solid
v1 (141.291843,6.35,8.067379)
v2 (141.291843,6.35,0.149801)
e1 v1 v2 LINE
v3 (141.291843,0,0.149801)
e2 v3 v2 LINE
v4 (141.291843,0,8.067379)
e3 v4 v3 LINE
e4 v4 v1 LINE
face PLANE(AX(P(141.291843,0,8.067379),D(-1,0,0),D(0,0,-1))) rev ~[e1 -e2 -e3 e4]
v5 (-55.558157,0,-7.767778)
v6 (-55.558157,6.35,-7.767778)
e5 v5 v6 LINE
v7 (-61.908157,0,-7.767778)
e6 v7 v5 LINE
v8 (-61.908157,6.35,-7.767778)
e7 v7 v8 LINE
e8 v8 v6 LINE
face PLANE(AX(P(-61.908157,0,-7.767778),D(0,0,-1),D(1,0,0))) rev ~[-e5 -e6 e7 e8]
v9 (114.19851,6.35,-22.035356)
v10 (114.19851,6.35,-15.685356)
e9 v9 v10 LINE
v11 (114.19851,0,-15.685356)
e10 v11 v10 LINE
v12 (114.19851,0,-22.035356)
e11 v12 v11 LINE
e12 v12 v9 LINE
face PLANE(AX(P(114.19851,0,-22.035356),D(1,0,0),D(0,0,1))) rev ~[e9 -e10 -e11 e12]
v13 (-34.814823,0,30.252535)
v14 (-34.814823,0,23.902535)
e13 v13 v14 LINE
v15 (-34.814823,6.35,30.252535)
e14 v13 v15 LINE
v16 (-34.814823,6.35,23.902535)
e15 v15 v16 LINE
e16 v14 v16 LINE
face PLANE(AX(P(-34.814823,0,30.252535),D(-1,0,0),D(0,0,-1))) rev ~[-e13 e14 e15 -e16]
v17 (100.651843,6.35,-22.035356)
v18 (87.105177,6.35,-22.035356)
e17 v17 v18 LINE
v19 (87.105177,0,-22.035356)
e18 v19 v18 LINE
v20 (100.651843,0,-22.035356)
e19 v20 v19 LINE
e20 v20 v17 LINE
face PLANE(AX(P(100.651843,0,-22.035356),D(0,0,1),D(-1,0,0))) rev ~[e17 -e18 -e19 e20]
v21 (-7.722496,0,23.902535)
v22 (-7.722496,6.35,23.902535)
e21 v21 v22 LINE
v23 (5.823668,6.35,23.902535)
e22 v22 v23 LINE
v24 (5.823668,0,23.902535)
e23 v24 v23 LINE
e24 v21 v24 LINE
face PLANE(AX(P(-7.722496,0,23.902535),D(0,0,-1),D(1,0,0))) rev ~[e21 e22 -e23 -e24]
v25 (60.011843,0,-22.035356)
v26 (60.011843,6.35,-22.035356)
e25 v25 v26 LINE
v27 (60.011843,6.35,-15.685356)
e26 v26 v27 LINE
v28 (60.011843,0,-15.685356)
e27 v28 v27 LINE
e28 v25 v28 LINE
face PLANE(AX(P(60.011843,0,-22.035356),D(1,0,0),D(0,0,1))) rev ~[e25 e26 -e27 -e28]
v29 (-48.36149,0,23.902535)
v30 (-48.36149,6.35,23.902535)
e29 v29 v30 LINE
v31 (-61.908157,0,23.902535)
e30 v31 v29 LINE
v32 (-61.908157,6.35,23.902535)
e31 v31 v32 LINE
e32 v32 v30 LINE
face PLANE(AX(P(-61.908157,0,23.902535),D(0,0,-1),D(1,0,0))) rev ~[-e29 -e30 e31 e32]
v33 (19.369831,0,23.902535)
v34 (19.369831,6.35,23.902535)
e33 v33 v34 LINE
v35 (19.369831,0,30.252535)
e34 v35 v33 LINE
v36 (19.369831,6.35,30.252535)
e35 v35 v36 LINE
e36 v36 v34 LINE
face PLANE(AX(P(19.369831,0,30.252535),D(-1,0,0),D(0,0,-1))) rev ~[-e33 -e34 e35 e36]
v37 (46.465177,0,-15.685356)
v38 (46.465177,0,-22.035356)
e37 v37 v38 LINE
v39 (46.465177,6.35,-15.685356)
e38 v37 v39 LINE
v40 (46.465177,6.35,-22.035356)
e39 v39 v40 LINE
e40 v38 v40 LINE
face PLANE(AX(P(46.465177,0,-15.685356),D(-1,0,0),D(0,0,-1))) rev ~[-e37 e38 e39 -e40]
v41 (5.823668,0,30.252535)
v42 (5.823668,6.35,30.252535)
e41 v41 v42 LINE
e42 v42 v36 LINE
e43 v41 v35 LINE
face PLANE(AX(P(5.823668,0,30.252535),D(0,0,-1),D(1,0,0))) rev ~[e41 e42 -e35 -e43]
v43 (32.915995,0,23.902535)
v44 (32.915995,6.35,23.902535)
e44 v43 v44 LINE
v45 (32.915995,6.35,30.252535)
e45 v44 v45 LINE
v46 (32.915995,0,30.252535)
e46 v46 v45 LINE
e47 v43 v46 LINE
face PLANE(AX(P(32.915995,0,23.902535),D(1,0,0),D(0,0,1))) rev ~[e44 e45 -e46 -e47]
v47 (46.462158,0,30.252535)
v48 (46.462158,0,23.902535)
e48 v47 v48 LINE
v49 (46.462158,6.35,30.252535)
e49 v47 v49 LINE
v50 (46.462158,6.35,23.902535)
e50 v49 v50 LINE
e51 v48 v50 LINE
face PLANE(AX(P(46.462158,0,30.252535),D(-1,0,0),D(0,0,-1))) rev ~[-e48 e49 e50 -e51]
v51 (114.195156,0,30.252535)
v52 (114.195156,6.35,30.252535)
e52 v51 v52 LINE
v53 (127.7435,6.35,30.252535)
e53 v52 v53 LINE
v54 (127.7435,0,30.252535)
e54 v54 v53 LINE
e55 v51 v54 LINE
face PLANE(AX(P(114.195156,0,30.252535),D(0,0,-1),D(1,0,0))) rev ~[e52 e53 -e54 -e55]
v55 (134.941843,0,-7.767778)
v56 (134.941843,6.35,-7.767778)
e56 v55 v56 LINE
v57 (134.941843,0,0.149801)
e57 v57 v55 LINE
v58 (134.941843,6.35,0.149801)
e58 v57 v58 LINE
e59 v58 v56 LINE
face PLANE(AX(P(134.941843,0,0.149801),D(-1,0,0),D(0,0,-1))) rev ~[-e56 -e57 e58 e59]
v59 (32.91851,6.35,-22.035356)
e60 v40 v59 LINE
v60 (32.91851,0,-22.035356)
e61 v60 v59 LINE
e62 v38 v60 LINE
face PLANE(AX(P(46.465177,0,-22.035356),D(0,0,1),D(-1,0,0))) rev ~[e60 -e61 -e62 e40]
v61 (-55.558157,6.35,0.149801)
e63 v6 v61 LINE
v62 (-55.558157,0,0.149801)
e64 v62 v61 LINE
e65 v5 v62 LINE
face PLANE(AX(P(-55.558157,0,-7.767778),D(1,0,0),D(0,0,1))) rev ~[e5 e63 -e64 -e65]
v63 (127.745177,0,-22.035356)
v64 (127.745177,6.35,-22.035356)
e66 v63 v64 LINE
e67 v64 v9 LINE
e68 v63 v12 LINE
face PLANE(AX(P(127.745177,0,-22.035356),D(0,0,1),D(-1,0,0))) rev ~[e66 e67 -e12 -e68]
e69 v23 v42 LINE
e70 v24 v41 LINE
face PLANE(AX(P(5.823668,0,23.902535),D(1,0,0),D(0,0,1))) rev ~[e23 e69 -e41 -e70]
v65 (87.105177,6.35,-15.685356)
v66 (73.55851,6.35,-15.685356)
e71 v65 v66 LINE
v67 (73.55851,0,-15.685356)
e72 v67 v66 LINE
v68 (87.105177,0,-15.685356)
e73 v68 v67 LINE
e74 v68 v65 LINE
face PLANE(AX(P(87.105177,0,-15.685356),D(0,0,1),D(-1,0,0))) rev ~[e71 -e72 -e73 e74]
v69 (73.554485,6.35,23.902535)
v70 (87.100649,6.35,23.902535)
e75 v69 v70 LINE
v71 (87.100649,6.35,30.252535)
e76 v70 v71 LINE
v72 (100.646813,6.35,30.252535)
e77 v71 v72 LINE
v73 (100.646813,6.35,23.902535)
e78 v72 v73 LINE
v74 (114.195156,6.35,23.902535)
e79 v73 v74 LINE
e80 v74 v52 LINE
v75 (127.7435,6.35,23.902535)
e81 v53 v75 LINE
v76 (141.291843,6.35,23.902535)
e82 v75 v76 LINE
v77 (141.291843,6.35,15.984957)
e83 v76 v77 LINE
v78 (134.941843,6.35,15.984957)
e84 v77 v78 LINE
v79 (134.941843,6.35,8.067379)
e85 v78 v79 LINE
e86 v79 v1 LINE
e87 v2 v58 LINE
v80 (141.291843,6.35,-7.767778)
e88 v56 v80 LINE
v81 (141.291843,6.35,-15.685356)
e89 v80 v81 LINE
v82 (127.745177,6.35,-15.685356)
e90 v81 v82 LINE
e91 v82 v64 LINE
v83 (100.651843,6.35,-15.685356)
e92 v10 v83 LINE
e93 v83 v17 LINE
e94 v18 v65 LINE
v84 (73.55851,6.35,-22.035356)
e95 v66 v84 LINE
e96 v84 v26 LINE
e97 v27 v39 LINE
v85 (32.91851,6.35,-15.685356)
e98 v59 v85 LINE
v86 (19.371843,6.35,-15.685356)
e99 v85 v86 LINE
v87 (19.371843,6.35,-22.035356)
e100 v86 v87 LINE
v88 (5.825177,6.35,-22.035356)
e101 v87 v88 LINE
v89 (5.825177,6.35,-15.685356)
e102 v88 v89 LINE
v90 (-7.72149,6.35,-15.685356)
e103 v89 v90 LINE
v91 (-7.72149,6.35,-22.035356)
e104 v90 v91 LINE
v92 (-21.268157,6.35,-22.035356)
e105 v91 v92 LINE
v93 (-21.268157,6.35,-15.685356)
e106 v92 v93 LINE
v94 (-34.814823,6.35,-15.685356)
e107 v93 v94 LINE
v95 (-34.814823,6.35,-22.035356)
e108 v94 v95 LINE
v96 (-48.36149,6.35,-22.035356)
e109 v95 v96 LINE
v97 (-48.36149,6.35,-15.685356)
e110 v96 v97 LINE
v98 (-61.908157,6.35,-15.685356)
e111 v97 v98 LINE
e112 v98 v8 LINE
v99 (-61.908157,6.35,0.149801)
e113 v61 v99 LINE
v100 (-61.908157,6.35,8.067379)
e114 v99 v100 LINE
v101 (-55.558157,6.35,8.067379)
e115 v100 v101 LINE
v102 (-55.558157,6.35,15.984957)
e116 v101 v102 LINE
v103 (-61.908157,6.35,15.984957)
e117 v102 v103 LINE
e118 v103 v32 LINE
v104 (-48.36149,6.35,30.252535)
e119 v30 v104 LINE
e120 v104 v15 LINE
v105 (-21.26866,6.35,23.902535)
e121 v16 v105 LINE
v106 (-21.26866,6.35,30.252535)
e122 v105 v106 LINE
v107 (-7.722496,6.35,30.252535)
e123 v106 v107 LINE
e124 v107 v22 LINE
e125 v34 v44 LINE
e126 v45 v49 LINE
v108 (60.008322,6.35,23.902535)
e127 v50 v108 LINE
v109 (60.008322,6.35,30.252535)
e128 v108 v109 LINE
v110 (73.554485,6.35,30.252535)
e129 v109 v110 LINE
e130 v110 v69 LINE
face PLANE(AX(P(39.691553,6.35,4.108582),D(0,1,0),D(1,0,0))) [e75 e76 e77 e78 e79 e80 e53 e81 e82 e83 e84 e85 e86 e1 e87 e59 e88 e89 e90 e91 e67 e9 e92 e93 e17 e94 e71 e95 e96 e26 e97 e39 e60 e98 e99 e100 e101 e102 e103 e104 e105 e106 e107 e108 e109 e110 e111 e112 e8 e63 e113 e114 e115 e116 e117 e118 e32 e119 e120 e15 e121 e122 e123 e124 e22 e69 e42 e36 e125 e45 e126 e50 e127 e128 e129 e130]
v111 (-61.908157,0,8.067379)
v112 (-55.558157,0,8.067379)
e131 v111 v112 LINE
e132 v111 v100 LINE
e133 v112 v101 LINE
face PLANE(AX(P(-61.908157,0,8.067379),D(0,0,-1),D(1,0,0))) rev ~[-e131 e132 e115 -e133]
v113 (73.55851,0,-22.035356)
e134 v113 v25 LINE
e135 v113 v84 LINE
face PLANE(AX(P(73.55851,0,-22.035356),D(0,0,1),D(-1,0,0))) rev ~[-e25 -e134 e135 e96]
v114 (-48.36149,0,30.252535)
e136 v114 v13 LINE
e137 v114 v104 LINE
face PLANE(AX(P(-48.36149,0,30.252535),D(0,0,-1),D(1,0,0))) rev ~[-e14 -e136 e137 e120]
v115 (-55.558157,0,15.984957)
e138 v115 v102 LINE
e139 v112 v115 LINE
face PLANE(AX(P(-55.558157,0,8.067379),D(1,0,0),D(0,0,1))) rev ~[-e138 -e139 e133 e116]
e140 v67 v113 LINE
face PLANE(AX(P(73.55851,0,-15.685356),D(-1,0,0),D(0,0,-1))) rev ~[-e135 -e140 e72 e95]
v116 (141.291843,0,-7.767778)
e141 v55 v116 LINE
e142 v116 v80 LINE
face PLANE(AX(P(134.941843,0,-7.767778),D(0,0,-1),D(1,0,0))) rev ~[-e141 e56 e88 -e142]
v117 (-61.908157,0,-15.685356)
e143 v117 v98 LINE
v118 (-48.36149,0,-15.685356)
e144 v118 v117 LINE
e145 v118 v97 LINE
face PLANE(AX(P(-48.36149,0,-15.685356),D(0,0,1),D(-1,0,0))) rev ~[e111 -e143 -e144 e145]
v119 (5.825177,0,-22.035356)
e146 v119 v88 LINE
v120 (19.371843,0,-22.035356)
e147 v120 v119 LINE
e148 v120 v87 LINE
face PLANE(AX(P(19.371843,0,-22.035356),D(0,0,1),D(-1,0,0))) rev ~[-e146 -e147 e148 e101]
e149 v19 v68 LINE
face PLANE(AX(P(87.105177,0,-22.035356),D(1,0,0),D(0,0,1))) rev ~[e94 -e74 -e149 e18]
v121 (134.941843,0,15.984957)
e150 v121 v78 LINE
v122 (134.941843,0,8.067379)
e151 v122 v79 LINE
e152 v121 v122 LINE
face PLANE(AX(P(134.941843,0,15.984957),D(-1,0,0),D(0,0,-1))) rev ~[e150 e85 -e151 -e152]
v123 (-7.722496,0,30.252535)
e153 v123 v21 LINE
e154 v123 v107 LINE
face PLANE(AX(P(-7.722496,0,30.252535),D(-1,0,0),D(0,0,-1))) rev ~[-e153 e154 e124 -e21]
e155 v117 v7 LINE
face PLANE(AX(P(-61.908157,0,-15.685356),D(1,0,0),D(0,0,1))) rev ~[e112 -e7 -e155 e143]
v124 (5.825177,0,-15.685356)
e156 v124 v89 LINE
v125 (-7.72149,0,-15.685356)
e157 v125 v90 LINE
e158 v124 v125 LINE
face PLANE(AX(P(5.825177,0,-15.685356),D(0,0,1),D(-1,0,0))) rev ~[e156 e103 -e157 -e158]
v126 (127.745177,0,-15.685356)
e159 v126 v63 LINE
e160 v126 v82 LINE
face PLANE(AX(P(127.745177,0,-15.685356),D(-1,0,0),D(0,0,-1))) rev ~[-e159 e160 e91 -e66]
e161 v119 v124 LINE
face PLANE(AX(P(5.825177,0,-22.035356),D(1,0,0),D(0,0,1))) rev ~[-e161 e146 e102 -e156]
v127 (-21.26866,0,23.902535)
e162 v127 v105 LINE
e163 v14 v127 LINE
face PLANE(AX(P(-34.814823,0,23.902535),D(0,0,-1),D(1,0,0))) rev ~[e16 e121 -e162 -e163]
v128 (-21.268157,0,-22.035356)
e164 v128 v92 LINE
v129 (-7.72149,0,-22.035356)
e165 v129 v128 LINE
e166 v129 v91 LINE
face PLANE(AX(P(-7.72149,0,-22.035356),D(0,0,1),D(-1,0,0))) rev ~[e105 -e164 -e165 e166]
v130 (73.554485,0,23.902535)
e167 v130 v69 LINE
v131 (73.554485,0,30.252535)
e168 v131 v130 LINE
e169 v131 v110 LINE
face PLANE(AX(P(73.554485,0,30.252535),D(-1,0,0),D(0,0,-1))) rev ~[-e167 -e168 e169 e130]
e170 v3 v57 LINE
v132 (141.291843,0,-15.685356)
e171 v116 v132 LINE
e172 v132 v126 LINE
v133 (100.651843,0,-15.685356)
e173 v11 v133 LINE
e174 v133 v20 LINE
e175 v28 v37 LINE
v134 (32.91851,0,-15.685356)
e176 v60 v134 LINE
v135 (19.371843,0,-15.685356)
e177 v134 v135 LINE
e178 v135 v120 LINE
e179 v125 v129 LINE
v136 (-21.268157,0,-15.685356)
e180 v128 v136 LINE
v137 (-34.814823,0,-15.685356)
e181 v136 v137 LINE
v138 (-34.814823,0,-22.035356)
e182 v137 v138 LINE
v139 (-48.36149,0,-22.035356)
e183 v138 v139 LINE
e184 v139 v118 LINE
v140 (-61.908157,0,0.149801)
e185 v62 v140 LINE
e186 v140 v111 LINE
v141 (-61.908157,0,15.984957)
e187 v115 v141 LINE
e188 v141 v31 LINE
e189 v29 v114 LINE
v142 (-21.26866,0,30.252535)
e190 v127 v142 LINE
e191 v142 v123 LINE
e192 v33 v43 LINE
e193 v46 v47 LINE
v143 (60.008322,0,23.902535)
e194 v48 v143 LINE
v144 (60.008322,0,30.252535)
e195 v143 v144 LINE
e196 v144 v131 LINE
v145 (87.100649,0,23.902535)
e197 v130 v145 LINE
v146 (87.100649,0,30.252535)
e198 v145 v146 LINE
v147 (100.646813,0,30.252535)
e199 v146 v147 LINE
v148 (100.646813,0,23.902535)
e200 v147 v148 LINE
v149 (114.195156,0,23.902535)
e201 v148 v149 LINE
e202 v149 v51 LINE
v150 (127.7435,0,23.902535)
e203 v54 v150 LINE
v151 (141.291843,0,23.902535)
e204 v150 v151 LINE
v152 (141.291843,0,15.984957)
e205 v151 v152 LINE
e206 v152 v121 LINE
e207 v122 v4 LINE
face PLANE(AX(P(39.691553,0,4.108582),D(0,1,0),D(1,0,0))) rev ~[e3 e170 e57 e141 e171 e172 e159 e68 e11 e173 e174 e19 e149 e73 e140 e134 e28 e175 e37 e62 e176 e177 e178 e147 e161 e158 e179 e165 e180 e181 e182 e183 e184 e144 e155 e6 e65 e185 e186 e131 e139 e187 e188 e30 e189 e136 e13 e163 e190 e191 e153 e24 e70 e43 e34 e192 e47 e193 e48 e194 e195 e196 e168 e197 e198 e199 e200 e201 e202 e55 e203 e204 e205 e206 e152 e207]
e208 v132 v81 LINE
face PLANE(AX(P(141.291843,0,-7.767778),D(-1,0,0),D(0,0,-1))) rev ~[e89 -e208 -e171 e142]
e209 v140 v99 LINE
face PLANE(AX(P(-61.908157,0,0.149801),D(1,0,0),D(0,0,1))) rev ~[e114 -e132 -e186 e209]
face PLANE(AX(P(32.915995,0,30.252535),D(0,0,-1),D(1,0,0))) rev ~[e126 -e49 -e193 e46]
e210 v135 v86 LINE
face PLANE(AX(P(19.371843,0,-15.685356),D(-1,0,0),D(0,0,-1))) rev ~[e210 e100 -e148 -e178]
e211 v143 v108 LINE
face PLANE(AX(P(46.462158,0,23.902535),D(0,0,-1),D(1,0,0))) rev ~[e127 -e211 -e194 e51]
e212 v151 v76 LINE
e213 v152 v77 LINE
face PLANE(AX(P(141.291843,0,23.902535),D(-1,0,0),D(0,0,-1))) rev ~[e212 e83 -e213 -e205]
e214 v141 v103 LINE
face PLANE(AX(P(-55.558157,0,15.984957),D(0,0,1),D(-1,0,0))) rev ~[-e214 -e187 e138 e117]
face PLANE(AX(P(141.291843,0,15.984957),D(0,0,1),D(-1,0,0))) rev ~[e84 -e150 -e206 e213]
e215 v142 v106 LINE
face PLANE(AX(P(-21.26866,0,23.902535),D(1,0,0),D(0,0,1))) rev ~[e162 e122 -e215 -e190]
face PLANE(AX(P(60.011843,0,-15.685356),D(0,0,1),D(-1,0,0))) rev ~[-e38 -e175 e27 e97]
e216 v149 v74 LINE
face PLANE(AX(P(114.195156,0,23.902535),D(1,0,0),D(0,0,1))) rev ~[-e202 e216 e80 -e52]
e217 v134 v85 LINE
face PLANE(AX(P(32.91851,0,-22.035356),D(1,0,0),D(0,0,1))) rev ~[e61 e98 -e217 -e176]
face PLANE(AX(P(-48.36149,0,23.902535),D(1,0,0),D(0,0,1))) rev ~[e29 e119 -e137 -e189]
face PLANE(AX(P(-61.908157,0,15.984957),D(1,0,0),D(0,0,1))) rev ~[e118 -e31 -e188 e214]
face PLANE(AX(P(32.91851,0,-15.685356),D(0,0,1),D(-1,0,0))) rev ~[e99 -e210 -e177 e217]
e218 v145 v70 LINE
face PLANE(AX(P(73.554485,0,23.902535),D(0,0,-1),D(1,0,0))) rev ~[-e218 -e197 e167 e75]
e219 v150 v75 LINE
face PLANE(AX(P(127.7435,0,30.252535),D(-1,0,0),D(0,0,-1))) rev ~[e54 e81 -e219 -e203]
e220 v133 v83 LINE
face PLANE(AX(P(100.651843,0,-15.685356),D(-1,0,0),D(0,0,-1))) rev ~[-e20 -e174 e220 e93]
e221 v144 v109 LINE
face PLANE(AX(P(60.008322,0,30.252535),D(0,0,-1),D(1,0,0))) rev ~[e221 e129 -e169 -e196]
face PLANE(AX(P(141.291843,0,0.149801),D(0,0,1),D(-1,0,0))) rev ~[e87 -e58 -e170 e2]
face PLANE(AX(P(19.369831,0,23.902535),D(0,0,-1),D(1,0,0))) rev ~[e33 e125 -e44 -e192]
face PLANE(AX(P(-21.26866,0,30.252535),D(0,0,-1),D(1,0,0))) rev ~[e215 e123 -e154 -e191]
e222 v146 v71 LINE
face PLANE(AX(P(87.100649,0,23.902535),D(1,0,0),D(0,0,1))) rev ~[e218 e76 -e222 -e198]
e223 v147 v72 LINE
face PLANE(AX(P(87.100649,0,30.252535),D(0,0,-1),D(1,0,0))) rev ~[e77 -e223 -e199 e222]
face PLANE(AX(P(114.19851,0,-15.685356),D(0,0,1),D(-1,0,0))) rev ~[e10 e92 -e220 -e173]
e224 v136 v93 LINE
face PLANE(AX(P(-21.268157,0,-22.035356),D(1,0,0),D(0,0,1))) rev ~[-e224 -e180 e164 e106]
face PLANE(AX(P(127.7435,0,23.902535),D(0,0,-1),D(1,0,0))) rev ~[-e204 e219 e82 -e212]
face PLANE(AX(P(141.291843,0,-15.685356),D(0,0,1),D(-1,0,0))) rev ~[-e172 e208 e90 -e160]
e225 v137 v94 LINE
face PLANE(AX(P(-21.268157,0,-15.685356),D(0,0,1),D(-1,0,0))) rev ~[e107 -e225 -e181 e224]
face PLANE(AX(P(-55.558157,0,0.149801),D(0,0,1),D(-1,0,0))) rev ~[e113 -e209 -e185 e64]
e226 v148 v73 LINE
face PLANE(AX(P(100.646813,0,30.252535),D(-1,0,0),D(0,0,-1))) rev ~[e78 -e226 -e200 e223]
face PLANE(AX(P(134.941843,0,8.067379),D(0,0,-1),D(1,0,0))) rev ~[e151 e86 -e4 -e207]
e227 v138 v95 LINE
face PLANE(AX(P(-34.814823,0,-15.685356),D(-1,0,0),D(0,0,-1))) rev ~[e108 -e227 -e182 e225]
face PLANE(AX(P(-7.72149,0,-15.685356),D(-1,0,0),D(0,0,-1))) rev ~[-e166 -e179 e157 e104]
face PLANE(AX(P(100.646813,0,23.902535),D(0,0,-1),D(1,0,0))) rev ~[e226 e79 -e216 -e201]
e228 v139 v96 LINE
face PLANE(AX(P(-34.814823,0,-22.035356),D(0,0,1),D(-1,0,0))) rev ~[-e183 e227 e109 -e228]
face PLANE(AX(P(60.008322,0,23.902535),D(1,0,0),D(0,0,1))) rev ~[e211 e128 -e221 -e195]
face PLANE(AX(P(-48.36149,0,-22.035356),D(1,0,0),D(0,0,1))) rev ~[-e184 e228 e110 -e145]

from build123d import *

# Parameters (mm, degrees)
BOSS_EXTRUDE1_DEPTH = 6.35


with BuildPart() as part:
    # Sketch1 → Boss-Extrude1 (new body)
    with BuildSketch(Plane(origin=(0, 0, 0), x_dir=(1, 0, 0), z_dir=(0, 1, 0))):
        Polygon((-61.908156531, -0.149800513), (-61.908156531, -8.067378744), (-55.558156531, -8.067378744), (-55.558156531, -15.984956974), (-61.908156531, -15.984956974), (-61.908156531, -23.902535204), (-48.361489864, -23.902535204), (-48.361489864, -30.252535204), (-34.814823197, -30.252535204), (-34.814823197, -23.902535204), (-21.268659618, -23.902535204), (-21.268659618, -30.252535194), (-7.722496038, -30.252535194), (-7.722496038, -23.902535204), (5.823667541, -23.902535204), (5.823667541, -30.252535194), (19.36983112, -30.252535194), (19.36983112, -23.902535204), (32.9159947, -23.902535204), (32.9159947, -30.252535194), (46.462158279, -30.252535194), (46.462158279, -23.902535204), (60.008321858, -23.902535204), (60.008321858, -30.252535194), (73.554485438, -30.252535194), (73.554485438, -23.902535204), (87.100649017, -23.902535204), (87.100649017, -30.252535194), (100.646812596, -30.252535194), (100.646812596, -23.902535204), (114.195156221, -23.902535204), (114.195156221, -30.252535194), (127.743499845, -30.252535194), (127.743499845, -23.902535204), (141.291843469, -23.902535204), (141.291843469, -15.984956974), (134.941843469, -15.984956974), (134.941843469, -8.067378744), (141.291843469, -8.067378744), (141.291843469, -0.149800513), (134.941843469, -0.149800513), (134.941843469, 7.767777717), (141.291843469, 7.767777717), (141.291843469, 15.685355948), (127.745176789, 15.685355948), (127.745176789, 22.035355948), (114.198510108, 22.035355948), (114.198510108, 15.685355948), (100.651843427, 15.685355948), (100.651843427, 22.035355948), (87.105176765, 22.035355948), (87.105176765, 15.685355948), (73.558510102, 15.685355948), (73.558510102, 22.035355948), (60.01184344, 22.035355948), (60.01184344, 15.685355948), (46.465176777, 15.685355948), (46.465176777, 22.035355948), (32.918510115, 22.035355948), (32.918510115, 15.685355948), (19.371843452, 15.685355948), (19.371843452, 22.035355948), (5.82517679, 22.035355948), (5.82517679, 15.685355948), (-7.721489872, 15.685355948), (-7.721489872, 22.035355948), (-21.268156535, 22.035355948), (-21.268156535, 15.685355948), (-34.814823197, 15.685355948), (-34.814823197, 22.035355948), (-48.361489864, 22.035355948), (-48.361489864, 15.685355948), (-61.908156531, 15.685355948), (-61.908156531, 7.767777717), (-55.558156531, 7.767777717), (-55.558156531, -0.149800513), align=None)
    extrude(amount=BOSS_EXTRUDE1_DEPTH)


solid = part.part
